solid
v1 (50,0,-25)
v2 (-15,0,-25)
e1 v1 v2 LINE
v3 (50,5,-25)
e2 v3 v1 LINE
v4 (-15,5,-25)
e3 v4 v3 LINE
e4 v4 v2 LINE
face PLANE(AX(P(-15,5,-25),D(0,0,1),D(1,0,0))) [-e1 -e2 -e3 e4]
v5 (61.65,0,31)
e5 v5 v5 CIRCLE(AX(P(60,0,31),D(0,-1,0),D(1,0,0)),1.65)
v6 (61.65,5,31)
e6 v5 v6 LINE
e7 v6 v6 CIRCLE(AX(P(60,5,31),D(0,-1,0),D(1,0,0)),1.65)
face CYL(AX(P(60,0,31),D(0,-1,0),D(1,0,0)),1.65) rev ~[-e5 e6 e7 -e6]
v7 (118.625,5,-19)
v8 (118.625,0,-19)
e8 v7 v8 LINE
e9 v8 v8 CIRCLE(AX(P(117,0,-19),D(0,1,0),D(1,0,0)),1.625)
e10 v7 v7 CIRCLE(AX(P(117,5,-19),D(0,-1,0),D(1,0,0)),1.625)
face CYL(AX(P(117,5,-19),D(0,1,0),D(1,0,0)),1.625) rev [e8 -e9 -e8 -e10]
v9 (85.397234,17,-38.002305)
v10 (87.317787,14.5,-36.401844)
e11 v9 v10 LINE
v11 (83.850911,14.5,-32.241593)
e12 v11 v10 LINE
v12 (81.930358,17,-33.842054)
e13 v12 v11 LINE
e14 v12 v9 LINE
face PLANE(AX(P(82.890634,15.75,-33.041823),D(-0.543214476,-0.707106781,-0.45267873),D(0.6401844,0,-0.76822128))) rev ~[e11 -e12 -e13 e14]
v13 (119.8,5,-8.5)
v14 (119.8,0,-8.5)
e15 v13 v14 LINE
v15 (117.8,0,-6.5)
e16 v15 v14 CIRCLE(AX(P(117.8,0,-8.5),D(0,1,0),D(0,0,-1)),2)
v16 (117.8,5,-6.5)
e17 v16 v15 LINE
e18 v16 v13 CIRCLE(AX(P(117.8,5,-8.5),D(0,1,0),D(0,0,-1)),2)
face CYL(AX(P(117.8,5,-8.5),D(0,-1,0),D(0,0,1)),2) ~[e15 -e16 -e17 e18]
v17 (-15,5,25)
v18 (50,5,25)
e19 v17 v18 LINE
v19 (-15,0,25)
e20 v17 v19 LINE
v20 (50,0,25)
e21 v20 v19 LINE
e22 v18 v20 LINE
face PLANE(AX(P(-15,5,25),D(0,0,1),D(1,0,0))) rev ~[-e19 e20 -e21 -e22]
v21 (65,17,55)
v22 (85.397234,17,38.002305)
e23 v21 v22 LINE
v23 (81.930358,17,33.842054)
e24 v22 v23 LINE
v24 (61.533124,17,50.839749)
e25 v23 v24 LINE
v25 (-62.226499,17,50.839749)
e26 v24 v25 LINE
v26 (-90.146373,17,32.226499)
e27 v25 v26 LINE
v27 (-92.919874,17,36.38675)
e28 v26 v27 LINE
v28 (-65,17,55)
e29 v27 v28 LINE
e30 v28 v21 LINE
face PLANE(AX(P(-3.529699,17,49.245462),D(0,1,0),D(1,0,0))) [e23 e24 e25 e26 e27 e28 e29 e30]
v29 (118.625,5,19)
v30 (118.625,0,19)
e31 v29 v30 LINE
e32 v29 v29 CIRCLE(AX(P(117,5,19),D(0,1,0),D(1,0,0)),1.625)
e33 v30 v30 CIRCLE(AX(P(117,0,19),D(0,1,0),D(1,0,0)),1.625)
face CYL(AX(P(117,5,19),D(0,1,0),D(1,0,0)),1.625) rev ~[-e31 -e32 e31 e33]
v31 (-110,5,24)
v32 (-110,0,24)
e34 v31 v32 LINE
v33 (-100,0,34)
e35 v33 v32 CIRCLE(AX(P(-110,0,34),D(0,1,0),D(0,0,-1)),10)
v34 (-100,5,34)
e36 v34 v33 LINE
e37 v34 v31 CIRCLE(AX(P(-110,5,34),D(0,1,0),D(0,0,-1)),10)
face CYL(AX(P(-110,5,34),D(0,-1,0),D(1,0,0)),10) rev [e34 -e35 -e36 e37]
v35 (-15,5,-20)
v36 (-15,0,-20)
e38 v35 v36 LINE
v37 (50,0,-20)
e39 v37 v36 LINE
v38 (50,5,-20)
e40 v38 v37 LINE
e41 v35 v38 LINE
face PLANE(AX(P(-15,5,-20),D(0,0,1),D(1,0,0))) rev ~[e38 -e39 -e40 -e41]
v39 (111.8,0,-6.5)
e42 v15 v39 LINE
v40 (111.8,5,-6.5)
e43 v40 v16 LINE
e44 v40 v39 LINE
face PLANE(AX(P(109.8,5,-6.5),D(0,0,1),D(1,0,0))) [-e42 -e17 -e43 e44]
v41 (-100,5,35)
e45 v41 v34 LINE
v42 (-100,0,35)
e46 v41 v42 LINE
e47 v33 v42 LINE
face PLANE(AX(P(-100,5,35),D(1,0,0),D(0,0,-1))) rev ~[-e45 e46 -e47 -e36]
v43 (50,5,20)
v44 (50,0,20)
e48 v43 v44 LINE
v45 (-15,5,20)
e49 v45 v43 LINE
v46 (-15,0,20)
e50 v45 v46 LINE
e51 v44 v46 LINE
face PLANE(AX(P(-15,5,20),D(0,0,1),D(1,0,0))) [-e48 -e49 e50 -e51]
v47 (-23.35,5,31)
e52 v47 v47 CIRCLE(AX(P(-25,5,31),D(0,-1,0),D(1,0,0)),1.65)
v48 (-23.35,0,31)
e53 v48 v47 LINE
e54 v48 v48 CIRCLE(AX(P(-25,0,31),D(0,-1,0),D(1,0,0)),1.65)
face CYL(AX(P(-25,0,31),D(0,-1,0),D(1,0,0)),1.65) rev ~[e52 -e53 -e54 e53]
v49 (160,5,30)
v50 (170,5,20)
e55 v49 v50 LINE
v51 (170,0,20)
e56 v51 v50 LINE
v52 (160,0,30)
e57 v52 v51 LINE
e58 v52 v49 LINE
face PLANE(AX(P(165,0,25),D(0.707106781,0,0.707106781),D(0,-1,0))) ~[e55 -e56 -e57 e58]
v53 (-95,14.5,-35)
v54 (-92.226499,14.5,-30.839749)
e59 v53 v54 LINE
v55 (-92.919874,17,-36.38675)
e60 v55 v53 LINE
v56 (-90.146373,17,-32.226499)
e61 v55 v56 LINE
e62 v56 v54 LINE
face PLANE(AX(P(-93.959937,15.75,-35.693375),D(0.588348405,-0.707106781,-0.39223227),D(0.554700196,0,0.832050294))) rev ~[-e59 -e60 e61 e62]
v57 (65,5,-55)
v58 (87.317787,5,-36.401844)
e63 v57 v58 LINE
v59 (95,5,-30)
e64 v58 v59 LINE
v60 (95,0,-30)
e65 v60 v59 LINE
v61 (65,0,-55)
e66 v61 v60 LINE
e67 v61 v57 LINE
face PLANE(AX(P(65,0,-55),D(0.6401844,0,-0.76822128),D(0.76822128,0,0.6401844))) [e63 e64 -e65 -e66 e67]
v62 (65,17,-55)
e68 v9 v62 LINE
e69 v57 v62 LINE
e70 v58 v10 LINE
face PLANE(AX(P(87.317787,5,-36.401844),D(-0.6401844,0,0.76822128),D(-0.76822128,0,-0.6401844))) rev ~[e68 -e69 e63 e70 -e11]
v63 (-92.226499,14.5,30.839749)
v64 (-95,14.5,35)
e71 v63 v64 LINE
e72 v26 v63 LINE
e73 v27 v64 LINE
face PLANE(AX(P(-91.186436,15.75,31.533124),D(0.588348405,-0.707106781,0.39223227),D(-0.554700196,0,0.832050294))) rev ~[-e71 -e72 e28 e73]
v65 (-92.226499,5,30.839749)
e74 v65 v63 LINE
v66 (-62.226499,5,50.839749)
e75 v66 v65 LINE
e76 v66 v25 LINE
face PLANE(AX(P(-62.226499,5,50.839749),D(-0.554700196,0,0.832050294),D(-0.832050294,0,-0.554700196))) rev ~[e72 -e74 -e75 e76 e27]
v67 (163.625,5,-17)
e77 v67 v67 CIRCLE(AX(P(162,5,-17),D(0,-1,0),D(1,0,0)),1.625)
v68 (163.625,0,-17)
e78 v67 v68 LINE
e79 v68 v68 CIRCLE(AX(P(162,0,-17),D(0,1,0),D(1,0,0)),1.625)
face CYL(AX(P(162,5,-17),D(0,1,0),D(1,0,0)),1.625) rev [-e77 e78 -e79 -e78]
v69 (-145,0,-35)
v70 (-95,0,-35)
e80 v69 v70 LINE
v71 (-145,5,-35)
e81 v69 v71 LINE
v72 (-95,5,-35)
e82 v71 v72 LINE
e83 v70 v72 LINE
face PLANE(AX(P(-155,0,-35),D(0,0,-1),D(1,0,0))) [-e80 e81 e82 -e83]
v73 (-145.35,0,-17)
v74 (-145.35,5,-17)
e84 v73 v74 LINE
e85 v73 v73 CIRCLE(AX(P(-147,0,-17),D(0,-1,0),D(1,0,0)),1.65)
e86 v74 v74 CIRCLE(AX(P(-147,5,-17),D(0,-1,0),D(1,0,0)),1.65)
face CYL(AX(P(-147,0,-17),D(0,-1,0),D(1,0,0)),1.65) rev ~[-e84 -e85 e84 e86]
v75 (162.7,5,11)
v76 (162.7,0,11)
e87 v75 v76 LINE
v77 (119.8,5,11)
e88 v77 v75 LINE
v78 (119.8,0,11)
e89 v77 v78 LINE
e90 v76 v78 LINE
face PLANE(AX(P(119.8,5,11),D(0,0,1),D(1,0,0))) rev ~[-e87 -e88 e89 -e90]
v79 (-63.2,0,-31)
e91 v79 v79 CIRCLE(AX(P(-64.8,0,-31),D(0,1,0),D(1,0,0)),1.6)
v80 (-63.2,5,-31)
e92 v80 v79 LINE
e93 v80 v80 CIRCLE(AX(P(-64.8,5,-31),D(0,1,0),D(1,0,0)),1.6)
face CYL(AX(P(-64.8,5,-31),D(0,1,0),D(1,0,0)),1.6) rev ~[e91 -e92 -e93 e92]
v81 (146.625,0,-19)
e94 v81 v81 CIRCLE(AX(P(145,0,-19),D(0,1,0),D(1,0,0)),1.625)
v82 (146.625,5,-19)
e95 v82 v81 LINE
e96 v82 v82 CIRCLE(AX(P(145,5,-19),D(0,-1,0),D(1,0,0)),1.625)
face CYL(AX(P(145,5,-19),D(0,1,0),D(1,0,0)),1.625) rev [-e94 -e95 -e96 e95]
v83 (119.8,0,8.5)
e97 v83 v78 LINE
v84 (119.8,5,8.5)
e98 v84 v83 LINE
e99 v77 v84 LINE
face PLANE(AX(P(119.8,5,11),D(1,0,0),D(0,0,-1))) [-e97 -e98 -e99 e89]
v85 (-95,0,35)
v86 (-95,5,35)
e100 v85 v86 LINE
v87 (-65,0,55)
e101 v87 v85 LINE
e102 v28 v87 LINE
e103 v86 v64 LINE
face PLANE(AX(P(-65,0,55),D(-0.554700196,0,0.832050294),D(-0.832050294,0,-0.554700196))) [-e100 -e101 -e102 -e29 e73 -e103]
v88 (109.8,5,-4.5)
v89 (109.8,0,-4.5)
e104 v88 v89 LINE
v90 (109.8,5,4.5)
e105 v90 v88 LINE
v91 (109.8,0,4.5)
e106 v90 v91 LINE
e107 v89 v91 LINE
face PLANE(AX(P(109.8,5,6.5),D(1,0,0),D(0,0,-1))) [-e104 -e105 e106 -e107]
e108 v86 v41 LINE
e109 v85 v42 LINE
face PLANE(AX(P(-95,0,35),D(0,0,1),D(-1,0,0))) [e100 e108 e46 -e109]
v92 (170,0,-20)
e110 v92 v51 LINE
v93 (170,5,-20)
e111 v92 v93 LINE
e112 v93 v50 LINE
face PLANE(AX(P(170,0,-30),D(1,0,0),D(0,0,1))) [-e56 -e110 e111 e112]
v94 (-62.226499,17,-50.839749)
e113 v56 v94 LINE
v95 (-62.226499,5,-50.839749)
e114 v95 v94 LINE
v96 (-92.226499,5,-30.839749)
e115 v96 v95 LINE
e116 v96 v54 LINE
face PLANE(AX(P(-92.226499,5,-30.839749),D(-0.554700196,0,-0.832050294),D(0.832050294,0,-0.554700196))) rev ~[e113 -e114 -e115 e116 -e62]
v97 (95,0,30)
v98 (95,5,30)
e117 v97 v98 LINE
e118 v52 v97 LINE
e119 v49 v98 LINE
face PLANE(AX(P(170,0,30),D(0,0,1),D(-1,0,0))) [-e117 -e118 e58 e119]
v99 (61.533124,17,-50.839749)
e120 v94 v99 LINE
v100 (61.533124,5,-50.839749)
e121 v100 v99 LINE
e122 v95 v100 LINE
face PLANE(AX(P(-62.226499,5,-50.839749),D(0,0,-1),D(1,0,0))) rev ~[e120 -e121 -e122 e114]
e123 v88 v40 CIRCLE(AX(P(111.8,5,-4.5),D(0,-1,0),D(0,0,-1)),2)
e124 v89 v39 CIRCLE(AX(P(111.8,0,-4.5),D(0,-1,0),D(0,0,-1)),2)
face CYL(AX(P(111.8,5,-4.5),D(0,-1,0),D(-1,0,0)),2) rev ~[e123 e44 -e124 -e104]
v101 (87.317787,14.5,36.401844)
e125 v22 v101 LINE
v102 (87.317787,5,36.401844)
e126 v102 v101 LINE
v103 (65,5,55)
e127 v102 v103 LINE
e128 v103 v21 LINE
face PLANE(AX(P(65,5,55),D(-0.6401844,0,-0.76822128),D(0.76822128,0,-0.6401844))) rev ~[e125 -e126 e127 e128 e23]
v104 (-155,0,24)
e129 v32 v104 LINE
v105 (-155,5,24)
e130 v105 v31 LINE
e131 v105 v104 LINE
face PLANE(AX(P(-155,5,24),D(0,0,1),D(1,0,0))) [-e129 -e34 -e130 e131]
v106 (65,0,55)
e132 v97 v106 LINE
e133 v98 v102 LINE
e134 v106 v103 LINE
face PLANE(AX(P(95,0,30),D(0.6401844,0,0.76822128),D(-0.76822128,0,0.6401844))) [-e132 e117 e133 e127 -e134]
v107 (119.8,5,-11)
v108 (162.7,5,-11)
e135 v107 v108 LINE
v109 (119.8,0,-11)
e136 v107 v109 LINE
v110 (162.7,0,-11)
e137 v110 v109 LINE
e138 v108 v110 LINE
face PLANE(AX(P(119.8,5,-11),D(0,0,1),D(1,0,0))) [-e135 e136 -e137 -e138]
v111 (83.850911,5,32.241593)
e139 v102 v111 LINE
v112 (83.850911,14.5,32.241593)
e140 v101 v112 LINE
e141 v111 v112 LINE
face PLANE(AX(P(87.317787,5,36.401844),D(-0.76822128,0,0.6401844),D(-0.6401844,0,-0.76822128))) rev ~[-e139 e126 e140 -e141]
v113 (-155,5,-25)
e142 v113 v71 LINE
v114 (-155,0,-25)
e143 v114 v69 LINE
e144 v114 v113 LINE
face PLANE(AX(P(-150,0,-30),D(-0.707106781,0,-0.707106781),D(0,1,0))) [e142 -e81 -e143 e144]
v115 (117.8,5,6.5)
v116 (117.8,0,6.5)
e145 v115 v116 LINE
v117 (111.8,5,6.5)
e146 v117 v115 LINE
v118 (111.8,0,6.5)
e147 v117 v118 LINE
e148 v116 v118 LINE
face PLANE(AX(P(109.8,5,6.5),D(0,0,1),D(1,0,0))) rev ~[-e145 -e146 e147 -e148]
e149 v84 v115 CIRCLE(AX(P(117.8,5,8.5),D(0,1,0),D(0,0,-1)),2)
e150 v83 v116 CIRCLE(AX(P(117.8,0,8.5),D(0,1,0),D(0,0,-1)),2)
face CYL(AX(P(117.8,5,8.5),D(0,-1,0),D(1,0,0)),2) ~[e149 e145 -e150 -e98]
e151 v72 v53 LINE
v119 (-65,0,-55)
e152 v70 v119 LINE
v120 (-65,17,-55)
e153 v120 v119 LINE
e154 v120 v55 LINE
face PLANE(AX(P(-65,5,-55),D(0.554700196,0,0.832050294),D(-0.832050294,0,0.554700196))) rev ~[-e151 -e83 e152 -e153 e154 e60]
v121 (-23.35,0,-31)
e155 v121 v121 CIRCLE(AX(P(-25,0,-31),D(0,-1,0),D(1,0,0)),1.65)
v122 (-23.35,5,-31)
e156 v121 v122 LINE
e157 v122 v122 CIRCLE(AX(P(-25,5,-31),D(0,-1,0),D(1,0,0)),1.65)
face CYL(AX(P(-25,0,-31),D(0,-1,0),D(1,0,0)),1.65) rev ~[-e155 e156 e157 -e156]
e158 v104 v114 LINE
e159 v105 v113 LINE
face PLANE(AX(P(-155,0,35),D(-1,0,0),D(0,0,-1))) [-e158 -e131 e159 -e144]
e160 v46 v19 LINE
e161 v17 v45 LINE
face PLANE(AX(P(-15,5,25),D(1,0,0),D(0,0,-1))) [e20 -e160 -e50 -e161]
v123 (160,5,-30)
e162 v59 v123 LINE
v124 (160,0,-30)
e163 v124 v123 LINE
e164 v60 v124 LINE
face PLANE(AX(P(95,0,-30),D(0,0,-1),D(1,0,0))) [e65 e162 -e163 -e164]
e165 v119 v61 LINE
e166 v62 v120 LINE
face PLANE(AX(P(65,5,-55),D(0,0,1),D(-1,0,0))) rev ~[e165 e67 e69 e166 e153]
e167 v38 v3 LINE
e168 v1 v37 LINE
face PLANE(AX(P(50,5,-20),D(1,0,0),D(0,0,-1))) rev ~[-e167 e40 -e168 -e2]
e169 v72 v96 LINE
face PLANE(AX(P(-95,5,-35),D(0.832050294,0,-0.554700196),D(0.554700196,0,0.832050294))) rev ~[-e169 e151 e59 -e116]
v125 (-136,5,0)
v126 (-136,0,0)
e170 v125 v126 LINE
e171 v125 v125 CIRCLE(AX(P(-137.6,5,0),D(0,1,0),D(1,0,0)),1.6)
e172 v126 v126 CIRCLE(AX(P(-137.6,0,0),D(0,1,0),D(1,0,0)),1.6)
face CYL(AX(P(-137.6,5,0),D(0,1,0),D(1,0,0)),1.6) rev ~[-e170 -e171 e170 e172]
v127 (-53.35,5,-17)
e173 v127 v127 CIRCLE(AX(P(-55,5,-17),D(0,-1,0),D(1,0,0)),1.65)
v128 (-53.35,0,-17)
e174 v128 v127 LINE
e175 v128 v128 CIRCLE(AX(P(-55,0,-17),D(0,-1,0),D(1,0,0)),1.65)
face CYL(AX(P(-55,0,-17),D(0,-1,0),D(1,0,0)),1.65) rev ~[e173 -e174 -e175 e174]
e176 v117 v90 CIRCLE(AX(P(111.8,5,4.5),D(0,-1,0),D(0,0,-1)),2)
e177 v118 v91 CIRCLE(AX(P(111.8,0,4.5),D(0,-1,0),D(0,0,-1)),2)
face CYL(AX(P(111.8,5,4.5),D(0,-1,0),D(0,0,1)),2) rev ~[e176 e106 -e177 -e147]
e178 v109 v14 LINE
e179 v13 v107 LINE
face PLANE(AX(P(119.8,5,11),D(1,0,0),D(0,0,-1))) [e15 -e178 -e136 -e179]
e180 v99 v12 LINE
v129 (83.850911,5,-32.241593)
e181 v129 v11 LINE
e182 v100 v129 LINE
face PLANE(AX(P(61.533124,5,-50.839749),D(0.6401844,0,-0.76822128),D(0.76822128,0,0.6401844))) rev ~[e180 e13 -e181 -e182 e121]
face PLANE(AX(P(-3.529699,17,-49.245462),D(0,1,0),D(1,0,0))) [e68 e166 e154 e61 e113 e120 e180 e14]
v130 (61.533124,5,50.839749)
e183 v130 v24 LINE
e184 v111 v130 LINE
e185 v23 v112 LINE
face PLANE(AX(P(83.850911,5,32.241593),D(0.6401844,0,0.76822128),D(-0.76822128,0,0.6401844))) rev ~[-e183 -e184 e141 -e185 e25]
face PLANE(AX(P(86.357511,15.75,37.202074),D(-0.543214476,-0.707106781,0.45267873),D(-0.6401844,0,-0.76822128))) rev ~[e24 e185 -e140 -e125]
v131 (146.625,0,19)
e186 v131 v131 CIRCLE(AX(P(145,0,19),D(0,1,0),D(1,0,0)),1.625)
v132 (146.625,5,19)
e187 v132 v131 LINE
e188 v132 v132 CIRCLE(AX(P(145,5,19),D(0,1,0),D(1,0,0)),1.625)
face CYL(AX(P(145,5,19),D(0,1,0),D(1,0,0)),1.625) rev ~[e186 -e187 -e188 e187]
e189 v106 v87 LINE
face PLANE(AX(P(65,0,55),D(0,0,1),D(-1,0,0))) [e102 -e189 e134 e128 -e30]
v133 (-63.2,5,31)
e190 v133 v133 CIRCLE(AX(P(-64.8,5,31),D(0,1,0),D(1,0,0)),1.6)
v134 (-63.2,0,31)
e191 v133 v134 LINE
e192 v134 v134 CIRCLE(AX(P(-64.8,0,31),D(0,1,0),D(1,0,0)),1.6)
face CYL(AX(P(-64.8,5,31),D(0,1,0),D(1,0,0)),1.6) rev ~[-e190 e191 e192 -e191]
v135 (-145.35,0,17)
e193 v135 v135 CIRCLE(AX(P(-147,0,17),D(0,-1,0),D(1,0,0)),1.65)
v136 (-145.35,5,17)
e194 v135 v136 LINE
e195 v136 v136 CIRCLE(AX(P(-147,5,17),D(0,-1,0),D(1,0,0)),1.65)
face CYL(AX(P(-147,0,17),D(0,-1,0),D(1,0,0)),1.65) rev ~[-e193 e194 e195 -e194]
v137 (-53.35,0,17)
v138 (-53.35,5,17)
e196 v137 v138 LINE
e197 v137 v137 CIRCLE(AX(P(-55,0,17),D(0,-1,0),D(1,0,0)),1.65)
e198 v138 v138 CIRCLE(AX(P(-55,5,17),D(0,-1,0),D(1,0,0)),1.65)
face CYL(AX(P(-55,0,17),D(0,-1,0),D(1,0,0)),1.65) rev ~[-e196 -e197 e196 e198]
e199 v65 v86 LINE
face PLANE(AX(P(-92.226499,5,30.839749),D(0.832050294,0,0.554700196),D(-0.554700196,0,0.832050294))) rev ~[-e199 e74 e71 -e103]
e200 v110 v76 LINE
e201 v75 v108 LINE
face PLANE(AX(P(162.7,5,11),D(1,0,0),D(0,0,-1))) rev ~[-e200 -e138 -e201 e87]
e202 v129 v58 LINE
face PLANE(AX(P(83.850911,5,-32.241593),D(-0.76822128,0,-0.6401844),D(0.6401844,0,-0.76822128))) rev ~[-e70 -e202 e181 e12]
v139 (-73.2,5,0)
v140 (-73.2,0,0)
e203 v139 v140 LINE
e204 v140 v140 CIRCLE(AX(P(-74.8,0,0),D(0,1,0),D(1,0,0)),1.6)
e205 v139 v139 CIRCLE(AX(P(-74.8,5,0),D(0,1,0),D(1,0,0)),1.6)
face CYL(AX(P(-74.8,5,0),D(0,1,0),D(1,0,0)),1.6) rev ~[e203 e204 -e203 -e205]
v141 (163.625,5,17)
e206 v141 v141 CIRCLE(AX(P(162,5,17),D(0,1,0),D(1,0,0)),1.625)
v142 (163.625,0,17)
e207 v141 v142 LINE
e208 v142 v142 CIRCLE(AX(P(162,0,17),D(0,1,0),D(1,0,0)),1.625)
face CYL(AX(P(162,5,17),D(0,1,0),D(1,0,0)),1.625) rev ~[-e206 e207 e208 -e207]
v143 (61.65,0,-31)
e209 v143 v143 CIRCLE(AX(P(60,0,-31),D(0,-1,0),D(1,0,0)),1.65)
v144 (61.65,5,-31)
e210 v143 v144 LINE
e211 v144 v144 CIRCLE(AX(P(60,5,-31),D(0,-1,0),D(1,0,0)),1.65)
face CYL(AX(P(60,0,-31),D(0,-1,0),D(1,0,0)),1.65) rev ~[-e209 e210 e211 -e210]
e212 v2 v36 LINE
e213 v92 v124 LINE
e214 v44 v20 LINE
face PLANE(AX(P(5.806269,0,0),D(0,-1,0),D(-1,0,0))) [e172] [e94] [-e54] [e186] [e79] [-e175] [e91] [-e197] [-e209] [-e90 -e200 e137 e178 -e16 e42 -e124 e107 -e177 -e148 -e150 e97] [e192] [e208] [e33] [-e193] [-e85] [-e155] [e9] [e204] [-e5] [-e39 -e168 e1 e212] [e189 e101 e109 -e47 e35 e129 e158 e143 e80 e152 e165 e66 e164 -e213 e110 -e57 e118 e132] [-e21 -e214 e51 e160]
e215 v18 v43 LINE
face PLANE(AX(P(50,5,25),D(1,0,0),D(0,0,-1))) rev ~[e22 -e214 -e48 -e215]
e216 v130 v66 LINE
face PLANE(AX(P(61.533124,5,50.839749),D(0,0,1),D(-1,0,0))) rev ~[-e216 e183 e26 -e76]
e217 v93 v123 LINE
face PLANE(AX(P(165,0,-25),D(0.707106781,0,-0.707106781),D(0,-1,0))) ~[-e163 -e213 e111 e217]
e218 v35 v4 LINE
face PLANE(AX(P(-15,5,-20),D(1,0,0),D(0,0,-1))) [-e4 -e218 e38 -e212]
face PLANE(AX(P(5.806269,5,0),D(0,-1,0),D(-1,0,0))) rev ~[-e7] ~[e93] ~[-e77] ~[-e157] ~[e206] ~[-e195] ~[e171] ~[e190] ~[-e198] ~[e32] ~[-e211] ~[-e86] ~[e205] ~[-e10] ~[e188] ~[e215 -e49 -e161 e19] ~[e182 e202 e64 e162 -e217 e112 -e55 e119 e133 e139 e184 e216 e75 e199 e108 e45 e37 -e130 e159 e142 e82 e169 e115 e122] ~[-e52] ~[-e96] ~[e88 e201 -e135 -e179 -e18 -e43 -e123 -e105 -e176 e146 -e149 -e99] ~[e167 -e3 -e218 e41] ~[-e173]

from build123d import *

# Parameters (mm, degrees)
BOSS_EXTRUDE1_DEPTH      = 5
CHASSIS_WALLS1_DEPTH     = 12
CHAMFER1_SIZE            = 10
CHAMFER2_SIZE            = 10
CHAMFER3_SIZE            = 2.5
SKETCH4_R                = 1.65
CUT_EXTRUDE1_DEPTH       = 10
SKETCH5_W                = 55
SKETCH5_H                = 11
CUT_EXTRUDE2_DEPTH       = 10
SKETCH6_W                = 65
SKETCH6_H                = 5
CUT_EXTRUDE3_DEPTH       = 6
FILLET1_R                = 10
SKETCH7_W                = 42.9
SKETCH7_H                = 22
CUT_EXTRUDE4_DEPTH       = 6
SKETCH9_R                = 1.625
CUT_EXTRUDE5_DEPTH       = 6
SKETCH10_W               = 10
SKETCH10_H               = 13
SERVO_CABLE_CUTOUT_DEPTH = 10
FILLET2_R                = 2
SKETCH11_R               = 1.6
CUT_EXTRUDE6_DEPTH       = 6


with BuildPart() as part:
    # Sketch1 → Boss-Extrude1 (new body)
    with BuildSketch(Plane(origin=(0, 0, 0), x_dir=(1, 0, 0), z_dir=(0, 1, 0))):
        Polygon((-95, 35), (-65, 55), (65, 55), (95, 30), (170, 30), (170, -30), (95, -30), (65, -55), (-65, -55), (-95, -35), (-155, -35), (-155, 35), align=None)
    extrude(amount=BOSS_EXTRUDE1_DEPTH)

    # Sketch3 → Chassis-Walls1 (add)
    with BuildSketch(Plane(origin=(0, 5, 0), x_dir=(1, 0, 0), z_dir=(0, 1, 0))):
        Polygon((0, 55), (-65, 55), (-95, 35), (-92.226499019, 30.839748528), (-62.226499019, 50.839748528), (0, 50.839748528), (61.533123774, 50.839748528), (83.850910978, 32.241592525), (87.317787204, 36.401843997), (65, 55), align=None)
        Polygon((61.533123774, -50.839748528), (0, -50.839748528), (-62.226499019, -50.839748528), (-92.226499019, -30.839748528), (-95, -35), (-65, -55), (0, -55), (65, -55), (87.317787204, -36.401843997), (83.850910978, -32.241592525), align=None)
    extrude(amount=CHASSIS_WALLS1_DEPTH)

    # Chamfer1
    chamfer1_edges = [part.edges().sort_by_distance(p)[0] for p in [
        (-155, 2.5, 35),
        (-155, 2.5, -35),
    ]]
    chamfer(chamfer1_edges, length=CHAMFER1_SIZE)

    # Chamfer2
    chamfer2_edges = [part.edges().sort_by_distance(p)[0] for p in [
        (170, 2.5, -30),
        (170, 2.5, 30),
    ]]
    chamfer(chamfer2_edges, length=CHAMFER2_SIZE)

    # Chamfer3
    chamfer3_edges = [part.edges().sort_by_distance(p)[0] for p in [
        (-93.613249509, 17, -32.919874264),
        (85.584349091, 17, -34.321718261),
        (-93.613249509, 17, 32.919874264),
        (85.584349091, 17, 34.321718261),
    ]]
    chamfer(chamfer3_edges, length=CHAMFER3_SIZE)

    # Sketch4 → Cut-Extrude1 (cut)
    with BuildSketch(Plane.XZ):
        with Locations((-147, 17)):
            Circle(SKETCH4_R)
        with Locations((-55, 17)):
            Circle(SKETCH4_R)
        with Locations((-55, -17)):
            Circle(SKETCH4_R)
        with Locations((-147, -17)):
            Circle(SKETCH4_R)
        with Locations((-25, 31)):
            Circle(SKETCH4_R)
        with Locations((60, 31)):
            Circle(SKETCH4_R)
        with Locations((60, -31)):
            Circle(SKETCH4_R)
        with Locations((-25, -31)):
            Circle(SKETCH4_R)
    extrude(amount=-CUT_EXTRUDE1_DEPTH, mode=Mode.SUBTRACT)

    # Sketch5 → Cut-Extrude2 (cut)
    with BuildSketch(Plane(origin=(0, 5, 0), x_dir=(1, 0, 0), z_dir=(0, 1, 0))):
        with Locations((-127.5, -29.5)):
            Rectangle(SKETCH5_W, SKETCH5_H)
    extrude(amount=-CUT_EXTRUDE2_DEPTH, mode=Mode.SUBTRACT)

    # Sketch6 → Cut-Extrude3 (cut, through all)
    with BuildSketch(Plane(origin=(0, 5, 0), x_dir=(1, 0, 0), z_dir=(0, 1, 0))):
        with Locations((17.5, 22.5)):
            Rectangle(SKETCH6_W, SKETCH6_H)
        with Locations((17.5, -22.5)):
            Rectangle(SKETCH6_W, SKETCH6_H)
    extrude(amount=-CUT_EXTRUDE3_DEPTH, mode=Mode.SUBTRACT)

    # Fillet1
    fillet1_edges = [part.edges().sort_by_distance(p)[0] for p in [
        (-100, 2.5, 24),
    ]]
    fillet(fillet1_edges, radius=FILLET1_R)

    # Sketch7 → Cut-Extrude4 (cut, through all)
    with BuildSketch(Plane(origin=(0, 5, 0), x_dir=(1, 0, 0), z_dir=(0, 1, 0))):
        with Locations((141.25, 0)):
            Rectangle(SKETCH7_W, SKETCH7_H)
    extrude(amount=-CUT_EXTRUDE4_DEPTH, mode=Mode.SUBTRACT)

    # Sketch9 → Cut-Extrude5 (cut, through all)
    with BuildSketch(Plane(origin=(0, 5, 0), x_dir=(1, 0, 0), z_dir=(0, 1, 0))):
        with Locations((117, -19)):
            Circle(SKETCH9_R)
        with Locations((145, -19)):
            Circle(SKETCH9_R)
        with Locations((162, -17)):
            Circle(SKETCH9_R)
    cut_extrude5 = extrude(amount=-CUT_EXTRUDE5_DEPTH, mode=Mode.SUBTRACT)

    # Mirror1: Cut-Extrude5 across plane
    add(cut_extrude5.mirror(Plane.XY), mode=Mode.SUBTRACT)

    # Sketch10 → Servo-Cable-Cutout (cut)
    with BuildSketch(Plane(origin=(0, 5, 0), x_dir=(1, 0, 0), z_dir=(0, 1, 0))):
        with Locations((114.8, 0)):
            Rectangle(SKETCH10_W, SKETCH10_H)
    extrude(amount=-SERVO_CABLE_CUTOUT_DEPTH, mode=Mode.SUBTRACT)

    # Fillet2
    fillet2_edges = [part.edges().sort_by_distance(p)[0] for p in [
        (119.8, 2.5, -6.5),
        (119.8, 2.5, 6.5),
        (109.8, 2.5, 6.5),
        (109.8, 2.5, -6.5),
    ]]
    fillet(fillet2_edges, radius=FILLET2_R)

    # Sketch11 → Cut-Extrude6 (cut, through all)
    with BuildSketch(Plane(origin=(0, 5, 0), x_dir=(1, 0, 0), z_dir=(0, 1, 0))):
        with Locations((-137.6, 0)):
            Circle(SKETCH11_R)
        with Locations((-74.8, 0)):
            Circle(SKETCH11_R)
        with Locations((-64.8, 31)):
            Circle(SKETCH11_R)
        with Locations((-64.8, -31)):
            Circle(SKETCH11_R)
    extrude(amount=-CUT_EXTRUDE6_DEPTH, mode=Mode.SUBTRACT)


solid = part.part
